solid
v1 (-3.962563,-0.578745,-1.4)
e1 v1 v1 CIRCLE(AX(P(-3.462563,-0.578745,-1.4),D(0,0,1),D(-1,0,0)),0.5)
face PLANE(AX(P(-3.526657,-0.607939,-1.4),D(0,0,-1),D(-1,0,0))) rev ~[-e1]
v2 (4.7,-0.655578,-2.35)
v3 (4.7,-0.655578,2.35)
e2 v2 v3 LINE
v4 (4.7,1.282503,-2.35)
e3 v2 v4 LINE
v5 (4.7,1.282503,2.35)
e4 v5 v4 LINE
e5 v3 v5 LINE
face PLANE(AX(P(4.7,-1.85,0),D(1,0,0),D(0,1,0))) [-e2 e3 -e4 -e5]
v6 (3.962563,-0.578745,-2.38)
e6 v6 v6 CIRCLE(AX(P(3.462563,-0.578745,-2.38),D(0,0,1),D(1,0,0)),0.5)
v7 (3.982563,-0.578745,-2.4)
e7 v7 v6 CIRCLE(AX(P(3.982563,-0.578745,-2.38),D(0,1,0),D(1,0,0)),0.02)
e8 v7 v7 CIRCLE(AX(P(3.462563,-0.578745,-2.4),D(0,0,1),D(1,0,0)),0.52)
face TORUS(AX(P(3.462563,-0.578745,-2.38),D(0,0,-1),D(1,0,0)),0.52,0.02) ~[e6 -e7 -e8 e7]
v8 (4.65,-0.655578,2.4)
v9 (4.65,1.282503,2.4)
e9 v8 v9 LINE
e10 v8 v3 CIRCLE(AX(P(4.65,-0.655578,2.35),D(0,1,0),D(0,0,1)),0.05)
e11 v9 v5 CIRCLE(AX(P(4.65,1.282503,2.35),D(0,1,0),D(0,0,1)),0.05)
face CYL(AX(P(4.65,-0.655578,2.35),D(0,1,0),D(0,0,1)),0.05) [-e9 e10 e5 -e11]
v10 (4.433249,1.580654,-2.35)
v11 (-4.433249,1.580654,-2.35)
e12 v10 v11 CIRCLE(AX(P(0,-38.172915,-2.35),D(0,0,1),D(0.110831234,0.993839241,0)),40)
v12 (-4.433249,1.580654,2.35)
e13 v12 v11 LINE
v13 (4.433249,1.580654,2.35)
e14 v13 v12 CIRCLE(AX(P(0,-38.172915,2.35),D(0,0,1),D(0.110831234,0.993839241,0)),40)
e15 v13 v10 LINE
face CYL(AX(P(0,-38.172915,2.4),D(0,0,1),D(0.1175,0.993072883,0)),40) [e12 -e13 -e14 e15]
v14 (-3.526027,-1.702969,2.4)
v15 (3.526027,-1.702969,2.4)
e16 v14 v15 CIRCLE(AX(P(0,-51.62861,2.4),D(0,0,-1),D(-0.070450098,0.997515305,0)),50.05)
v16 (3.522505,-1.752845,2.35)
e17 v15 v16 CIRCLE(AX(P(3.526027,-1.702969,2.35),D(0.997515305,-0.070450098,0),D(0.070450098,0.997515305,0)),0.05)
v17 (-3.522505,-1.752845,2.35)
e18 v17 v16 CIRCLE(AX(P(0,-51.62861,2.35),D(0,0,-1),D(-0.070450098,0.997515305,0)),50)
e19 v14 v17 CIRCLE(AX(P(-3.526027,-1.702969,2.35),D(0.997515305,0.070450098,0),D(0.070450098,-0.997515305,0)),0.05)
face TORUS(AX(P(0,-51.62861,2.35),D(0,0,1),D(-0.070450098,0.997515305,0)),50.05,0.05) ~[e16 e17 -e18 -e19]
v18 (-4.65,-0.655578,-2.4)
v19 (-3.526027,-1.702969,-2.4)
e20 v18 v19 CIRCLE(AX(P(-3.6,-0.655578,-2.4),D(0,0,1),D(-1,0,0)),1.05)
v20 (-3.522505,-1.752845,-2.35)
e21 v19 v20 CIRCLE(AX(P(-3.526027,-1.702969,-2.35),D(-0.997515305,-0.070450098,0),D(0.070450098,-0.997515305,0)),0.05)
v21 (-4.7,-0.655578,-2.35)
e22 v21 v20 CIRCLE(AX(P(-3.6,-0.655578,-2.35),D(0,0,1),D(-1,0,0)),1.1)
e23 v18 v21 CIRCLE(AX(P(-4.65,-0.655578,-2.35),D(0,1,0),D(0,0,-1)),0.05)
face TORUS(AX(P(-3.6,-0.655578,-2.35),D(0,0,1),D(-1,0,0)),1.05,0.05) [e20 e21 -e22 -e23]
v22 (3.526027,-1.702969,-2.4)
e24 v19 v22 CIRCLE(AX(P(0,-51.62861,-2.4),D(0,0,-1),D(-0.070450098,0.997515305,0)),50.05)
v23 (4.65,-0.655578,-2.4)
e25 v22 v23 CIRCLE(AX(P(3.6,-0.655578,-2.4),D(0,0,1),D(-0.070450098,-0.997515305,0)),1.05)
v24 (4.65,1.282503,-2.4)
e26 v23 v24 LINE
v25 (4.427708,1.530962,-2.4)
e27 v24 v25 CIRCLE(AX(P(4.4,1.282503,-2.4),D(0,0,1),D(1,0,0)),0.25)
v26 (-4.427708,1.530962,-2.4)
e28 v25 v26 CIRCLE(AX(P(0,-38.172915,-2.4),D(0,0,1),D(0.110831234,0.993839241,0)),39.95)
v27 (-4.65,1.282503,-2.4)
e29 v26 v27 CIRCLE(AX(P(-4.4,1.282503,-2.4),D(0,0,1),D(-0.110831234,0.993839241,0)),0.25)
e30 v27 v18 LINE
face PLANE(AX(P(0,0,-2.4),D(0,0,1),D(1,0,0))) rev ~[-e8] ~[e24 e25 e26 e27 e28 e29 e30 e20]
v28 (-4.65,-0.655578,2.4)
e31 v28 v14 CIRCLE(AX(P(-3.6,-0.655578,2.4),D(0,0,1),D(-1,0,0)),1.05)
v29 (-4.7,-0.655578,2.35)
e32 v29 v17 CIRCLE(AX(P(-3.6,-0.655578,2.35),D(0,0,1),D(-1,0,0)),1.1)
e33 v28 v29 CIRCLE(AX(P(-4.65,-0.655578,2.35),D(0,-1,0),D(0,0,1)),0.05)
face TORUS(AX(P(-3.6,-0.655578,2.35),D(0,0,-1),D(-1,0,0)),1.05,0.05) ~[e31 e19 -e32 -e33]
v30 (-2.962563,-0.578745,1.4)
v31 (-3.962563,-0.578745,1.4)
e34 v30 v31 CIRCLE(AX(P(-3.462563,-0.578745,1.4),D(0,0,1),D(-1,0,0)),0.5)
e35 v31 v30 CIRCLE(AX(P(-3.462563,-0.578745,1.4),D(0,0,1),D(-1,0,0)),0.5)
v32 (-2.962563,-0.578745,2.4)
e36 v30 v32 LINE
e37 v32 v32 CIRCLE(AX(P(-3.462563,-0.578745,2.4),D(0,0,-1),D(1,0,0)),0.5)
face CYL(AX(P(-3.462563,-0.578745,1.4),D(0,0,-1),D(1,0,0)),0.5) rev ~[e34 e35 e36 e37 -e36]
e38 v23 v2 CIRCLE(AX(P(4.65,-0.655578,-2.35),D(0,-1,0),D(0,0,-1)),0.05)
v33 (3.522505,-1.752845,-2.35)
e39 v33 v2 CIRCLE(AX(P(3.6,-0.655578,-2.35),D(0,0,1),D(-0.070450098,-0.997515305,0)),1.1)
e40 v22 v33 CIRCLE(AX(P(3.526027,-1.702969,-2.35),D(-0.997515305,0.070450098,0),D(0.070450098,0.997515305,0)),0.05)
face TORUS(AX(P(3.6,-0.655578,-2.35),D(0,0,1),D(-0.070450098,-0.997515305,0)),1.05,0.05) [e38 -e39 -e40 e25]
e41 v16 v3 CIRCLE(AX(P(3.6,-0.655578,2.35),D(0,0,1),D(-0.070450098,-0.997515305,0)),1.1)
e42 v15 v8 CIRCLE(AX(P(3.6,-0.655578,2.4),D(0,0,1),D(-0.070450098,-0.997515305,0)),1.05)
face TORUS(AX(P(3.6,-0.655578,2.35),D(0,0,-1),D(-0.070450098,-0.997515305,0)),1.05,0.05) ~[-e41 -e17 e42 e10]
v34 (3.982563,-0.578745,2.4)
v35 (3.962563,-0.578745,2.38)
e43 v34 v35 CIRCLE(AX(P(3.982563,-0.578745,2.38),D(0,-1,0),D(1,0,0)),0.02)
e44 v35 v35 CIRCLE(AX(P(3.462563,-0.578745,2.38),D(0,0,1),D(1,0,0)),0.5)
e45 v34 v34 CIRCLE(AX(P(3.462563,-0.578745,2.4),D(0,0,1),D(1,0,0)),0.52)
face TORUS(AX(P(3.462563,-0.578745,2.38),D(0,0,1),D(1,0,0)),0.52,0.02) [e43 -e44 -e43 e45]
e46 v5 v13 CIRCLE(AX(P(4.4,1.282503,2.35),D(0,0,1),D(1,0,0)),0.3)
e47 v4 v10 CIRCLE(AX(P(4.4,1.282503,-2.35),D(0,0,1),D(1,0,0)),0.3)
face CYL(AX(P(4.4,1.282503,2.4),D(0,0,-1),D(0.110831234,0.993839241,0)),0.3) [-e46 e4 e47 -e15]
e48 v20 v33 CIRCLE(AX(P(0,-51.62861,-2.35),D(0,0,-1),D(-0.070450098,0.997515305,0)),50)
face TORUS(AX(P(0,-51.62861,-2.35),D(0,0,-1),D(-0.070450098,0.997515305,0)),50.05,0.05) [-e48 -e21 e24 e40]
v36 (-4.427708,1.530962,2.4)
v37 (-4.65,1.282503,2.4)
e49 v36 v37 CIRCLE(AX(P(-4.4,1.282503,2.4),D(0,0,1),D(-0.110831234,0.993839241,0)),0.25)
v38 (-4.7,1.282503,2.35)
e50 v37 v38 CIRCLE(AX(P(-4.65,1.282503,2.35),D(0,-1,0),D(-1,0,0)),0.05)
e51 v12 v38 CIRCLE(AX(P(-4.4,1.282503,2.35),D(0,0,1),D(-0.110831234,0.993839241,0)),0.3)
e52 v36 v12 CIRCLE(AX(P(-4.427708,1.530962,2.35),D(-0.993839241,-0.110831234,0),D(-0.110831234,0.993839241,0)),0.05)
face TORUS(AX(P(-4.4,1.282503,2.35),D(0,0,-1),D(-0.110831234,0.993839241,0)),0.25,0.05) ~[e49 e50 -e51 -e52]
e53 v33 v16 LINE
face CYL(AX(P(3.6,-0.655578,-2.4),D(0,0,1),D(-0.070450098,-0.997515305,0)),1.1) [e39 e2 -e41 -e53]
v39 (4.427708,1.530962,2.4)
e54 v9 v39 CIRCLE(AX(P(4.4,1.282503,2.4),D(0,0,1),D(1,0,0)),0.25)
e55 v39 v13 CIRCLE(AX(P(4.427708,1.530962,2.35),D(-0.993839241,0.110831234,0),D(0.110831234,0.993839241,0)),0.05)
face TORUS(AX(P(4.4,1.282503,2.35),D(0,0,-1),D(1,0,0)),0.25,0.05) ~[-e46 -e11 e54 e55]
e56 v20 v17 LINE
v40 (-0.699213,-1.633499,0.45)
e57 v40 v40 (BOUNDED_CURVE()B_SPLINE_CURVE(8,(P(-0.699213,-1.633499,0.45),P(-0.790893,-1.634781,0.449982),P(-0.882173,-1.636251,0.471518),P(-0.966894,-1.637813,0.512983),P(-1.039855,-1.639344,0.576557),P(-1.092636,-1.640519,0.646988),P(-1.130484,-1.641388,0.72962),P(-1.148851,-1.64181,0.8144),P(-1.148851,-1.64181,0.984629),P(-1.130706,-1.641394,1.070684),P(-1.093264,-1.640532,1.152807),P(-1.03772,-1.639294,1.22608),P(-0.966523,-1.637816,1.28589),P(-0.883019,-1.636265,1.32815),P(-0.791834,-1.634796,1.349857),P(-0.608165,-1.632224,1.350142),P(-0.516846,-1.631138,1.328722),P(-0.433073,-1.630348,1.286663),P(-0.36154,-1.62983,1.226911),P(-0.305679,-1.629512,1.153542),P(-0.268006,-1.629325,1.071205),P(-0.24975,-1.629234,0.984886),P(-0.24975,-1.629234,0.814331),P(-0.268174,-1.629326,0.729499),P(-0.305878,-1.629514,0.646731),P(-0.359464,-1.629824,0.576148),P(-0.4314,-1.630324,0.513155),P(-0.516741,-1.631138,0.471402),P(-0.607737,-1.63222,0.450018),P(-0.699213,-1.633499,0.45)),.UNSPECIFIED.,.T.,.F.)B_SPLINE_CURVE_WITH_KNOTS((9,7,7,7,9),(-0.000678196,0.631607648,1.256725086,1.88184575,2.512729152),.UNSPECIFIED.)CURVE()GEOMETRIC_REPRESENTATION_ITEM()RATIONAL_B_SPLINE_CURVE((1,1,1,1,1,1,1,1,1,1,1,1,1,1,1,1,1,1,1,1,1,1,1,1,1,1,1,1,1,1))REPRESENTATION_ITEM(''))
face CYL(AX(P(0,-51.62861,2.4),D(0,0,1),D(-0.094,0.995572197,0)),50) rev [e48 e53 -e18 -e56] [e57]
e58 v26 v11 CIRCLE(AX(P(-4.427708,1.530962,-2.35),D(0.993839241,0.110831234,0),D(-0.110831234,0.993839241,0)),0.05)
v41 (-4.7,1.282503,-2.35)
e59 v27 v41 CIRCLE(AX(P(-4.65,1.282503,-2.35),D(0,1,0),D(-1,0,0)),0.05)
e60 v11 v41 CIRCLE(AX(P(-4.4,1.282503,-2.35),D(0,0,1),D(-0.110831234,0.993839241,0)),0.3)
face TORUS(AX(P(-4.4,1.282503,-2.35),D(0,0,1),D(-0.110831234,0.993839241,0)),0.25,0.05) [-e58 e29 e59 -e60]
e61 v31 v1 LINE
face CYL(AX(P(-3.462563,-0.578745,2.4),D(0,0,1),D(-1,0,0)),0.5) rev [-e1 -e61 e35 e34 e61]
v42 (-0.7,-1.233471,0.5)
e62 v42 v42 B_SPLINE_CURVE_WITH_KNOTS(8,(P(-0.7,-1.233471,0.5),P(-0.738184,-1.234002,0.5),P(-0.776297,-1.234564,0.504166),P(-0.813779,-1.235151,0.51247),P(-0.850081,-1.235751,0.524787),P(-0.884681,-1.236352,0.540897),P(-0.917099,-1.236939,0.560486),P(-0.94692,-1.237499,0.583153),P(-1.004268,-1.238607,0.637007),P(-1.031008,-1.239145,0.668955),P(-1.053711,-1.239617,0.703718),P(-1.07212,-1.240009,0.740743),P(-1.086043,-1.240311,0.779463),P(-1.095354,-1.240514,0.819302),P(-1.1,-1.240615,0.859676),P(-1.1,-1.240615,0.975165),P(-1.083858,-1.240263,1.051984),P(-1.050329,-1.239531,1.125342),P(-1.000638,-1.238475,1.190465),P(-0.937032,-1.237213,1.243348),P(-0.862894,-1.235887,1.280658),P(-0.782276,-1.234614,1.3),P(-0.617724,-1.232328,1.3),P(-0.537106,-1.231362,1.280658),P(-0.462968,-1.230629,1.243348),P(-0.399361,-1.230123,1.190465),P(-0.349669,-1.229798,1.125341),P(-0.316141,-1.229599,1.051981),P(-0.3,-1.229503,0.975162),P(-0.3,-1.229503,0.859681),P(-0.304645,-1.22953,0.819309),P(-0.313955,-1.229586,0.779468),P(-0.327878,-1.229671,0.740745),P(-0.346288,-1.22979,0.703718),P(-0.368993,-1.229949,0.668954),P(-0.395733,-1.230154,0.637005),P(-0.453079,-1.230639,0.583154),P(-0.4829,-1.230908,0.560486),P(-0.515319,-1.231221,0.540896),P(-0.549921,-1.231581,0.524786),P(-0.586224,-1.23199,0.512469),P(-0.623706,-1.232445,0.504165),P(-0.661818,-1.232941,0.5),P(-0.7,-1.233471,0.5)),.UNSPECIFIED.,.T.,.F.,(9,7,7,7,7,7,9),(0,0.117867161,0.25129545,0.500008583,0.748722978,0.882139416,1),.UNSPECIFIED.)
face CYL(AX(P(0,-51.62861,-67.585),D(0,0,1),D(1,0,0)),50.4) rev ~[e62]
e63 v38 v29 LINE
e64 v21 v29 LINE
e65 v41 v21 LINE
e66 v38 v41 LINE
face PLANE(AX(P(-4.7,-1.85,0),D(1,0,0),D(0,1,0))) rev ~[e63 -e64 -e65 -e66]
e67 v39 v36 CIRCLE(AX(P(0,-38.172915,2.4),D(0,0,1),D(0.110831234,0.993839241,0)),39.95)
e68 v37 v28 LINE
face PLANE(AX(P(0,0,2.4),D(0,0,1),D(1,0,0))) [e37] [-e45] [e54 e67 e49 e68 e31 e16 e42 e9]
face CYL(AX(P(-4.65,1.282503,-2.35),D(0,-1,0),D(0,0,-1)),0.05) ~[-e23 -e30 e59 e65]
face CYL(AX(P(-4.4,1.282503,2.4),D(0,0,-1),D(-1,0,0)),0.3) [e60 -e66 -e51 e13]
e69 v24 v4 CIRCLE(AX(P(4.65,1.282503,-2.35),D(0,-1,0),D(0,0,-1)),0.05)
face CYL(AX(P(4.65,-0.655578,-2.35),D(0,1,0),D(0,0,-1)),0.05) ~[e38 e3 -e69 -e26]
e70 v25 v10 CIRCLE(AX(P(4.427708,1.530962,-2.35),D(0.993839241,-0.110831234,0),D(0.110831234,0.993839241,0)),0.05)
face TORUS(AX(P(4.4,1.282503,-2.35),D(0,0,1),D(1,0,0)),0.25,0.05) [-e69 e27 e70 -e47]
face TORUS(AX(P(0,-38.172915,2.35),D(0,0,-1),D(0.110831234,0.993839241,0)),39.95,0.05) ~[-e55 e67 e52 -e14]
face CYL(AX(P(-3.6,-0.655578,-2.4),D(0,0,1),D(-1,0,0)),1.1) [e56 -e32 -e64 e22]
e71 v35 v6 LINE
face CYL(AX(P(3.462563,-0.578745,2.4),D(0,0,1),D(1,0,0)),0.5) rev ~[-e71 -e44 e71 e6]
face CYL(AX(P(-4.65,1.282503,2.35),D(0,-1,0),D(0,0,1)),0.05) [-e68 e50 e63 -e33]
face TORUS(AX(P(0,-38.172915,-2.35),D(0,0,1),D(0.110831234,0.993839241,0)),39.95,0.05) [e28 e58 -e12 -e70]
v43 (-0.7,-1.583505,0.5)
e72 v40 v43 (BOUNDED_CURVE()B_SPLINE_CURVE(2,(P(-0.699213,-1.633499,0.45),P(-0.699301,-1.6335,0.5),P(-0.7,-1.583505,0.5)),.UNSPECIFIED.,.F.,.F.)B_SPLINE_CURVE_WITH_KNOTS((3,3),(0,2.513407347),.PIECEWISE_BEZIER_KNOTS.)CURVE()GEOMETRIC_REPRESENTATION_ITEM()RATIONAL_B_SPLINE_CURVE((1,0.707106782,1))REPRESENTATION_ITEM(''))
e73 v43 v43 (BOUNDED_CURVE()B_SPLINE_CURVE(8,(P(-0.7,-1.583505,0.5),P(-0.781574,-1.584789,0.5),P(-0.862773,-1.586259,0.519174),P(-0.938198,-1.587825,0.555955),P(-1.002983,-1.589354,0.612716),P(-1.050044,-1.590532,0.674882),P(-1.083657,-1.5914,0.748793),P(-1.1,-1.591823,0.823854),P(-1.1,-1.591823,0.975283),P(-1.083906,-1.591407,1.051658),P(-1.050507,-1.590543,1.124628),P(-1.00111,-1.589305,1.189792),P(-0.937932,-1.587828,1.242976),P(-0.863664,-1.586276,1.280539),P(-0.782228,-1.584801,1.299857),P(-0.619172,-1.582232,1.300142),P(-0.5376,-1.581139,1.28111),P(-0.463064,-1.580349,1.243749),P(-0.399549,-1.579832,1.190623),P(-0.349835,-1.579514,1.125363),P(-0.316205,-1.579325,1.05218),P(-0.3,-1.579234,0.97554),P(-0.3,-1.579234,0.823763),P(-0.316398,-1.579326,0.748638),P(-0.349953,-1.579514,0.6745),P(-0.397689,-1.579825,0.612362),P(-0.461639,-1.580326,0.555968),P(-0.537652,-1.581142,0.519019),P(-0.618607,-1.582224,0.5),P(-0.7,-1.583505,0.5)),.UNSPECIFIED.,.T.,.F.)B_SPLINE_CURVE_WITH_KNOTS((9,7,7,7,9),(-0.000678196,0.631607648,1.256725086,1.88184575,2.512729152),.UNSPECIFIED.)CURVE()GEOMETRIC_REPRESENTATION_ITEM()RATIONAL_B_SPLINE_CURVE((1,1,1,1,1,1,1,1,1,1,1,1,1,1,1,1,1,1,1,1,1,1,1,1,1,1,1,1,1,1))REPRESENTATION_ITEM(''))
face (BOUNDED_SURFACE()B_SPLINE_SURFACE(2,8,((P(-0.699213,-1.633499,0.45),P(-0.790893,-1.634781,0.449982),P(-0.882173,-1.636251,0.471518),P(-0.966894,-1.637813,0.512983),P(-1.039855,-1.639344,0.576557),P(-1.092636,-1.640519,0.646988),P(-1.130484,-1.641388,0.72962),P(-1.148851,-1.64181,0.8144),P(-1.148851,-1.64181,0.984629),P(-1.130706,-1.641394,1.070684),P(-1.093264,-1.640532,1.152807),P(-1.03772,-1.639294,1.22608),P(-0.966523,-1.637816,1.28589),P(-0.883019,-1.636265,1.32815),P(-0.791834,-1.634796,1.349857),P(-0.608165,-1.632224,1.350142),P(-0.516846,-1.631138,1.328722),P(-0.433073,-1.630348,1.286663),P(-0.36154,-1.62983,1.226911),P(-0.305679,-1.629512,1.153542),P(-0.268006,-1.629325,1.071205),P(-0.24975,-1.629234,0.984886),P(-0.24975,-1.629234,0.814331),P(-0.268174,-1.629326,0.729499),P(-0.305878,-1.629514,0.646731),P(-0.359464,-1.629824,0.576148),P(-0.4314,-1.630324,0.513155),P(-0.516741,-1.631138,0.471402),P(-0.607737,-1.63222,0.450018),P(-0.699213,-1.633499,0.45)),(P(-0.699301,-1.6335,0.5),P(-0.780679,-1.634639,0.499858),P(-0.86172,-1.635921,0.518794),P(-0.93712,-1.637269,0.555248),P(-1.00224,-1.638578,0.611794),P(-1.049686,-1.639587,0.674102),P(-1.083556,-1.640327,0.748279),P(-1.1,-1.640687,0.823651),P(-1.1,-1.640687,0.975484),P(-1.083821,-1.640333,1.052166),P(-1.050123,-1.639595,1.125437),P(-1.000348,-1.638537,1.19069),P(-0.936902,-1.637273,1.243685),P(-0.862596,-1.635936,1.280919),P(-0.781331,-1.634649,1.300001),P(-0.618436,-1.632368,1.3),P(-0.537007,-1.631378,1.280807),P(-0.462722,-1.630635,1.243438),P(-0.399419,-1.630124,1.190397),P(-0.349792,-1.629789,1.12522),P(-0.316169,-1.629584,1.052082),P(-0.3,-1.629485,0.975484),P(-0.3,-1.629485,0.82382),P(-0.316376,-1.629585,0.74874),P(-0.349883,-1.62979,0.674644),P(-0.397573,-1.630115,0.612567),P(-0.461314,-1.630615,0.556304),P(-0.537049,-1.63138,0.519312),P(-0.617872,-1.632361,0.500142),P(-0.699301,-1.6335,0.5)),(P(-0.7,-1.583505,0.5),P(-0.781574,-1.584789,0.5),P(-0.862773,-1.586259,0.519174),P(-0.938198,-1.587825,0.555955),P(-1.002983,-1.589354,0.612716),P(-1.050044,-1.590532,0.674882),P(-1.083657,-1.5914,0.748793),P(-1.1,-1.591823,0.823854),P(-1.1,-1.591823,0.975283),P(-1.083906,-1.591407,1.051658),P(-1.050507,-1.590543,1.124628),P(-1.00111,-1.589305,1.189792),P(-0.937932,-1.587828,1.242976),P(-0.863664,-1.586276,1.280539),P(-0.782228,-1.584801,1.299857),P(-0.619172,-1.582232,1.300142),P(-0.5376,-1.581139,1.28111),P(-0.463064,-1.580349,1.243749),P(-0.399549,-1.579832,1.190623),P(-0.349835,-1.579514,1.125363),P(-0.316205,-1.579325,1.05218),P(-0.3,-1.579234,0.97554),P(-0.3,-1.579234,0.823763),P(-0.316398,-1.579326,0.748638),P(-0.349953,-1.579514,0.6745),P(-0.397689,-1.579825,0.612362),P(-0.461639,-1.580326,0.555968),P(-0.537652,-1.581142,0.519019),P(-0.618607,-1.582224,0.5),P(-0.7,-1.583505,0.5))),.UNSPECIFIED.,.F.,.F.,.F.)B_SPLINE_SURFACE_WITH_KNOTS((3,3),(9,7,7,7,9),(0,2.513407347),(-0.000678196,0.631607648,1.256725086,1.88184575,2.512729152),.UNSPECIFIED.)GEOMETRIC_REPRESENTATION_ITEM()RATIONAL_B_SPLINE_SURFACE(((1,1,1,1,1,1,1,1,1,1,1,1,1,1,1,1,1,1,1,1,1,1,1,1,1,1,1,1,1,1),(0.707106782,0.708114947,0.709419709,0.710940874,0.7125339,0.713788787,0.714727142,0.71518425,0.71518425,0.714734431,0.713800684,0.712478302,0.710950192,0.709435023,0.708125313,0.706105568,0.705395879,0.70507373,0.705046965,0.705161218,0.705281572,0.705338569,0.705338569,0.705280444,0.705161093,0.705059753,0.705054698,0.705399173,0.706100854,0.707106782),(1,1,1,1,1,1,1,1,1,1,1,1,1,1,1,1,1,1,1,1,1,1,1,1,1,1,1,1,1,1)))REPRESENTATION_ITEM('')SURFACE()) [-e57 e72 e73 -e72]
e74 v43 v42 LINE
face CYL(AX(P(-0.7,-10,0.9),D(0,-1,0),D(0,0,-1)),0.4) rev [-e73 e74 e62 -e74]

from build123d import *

# Parameters (mm, degrees)
SKETCH1_W               = 9.4
SKETCH1_H               = 3.7
BOSS_EXTRUDE1_DEPTH     = 2.4
CUT_EXTRUDE1_DEPTH      = 4.8
FILLET1_R               = 1.1
FILLET2_R               = 0.3
FILLET3_R               = 0.05
SKETCH3_R               = 0.5
CUT_EXTRUDE2_DEPTH      = 4.8
FILLET4_R               = 0.02
SKETCH4_W               = 1.881576533
SKETCH4_H               = 1.177564348
BOSS_EXTRUDE2_DEPTH     = 1
SKETCH5_R               = 0.5
CUT_EXTRUDE3_DEPTH      = 10
SKETCH6_R               = 0.737542503
BOSS_EXTRUDE3_DEPTH     = 1
CUT_EXTRUDE4_REACH      = 17.585
CUT_EXTRUDE4_END_RADIUS = 50.4
CUT_EXTRUDE4_START      = -10
SKETCH7_R               = 0.4
FILLET5_R               = 0.05


with BuildPart() as part:
    # Sketch1 → Boss-Extrude1 (new, symmetric)
    with BuildSketch(Plane.XY):
        Rectangle(SKETCH1_W, SKETCH1_H)
    extrude(amount=BOSS_EXTRUDE1_DEPTH, both=True)

    # Sketch2 → Cut-Extrude1 (cut)
    with BuildSketch(Plane.XY.offset(2.4)):
        with BuildLine():
            Line((-4.7, 1.55), (-7.120690005, 4.011417256))
            Line((-7.120690005, 4.011417256), (5.535860742, 3.886722174))
            Line((5.535860742, 3.886722174), (4.7, 1.55))
            ThreePointArc((4.7, 1.55), (0, 1.827084699), (-4.7, 1.55))
        make_face()
        with BuildLine():
            Line((4.7, -1.85), (0.350623614, -3.782025322))
            Line((0.350623614, -3.782025322), (-4.7, -1.85))
            ThreePointArc((-4.7, -1.85), (0, -1.628609864), (4.7, -1.85))
        make_face()
    extrude(amount=-CUT_EXTRUDE1_DEPTH, mode=Mode.SUBTRACT)

    # Fillet1
    fillet1_edges = [part.edges().sort_by_distance(p)[0] for p in [
        (4.7, -1.85, 0),
        (-4.7, -1.85, 0),
    ]]
    fillet(fillet1_edges, radius=FILLET1_R)

    # Fillet2
    fillet2_edges = [part.edges().sort_by_distance(p)[0] for p in [
        (4.7, 1.55, 0),
        (-4.7, 1.55, 0),
    ]]
    fillet(fillet2_edges, radius=FILLET2_R)

    # Fillet3
    fillet3_edges = [part.edges().sort_by_distance(p)[0] for p in [
        (4.7, 0.3134624, -2.4),
        (4.7, 0.3134624, 2.4),
        (0, -1.628609864, -2.4),
        (-4.349918456, -1.460327621, -2.4),
        (4.349918456, -1.460327621, -2.4),
        (0, -1.628609864, 2.4),
        (-4.349918456, -1.460327621, 2.4),
        (4.349918456, -1.460327621, 2.4),
        (0, 1.827084699, 2.4),
        (-4.7, 0.3134624, 2.4),
        (-4.623578634, 1.482534062, 2.4),
        (4.623578634, 1.482534062, 2.4),
        (0, 1.827084699, -2.4),
        (-4.7, 0.3134624, -2.4),
        (-4.623578634, 1.482534062, -2.4),
        (4.623578634, 1.482534062, -2.4),
    ]]
    fillet(fillet3_edges, radius=FILLET3_R)

    # Sketch3 → Cut-Extrude2 (cut)
    with BuildSketch(Plane.XY.offset(2.4)):
        with Locations((3.462563269, -0.578744651)):
            Circle(SKETCH3_R)
    cut_extrude2 = extrude(amount=-CUT_EXTRUDE2_DEPTH, mode=Mode.SUBTRACT)

    # Fillet4
    fillet4_edges = [part.edges().sort_by_distance(p)[0] for p in [
        (2.962563269, -0.578744651, -2.4),
        (2.962563269, -0.578744651, 2.4),
    ]]
    fillet(fillet4_edges, radius=FILLET4_R)

    # Mirror1: Cut-Extrude2 across plane
    add(cut_extrude2.mirror(Plane(origin=(0, 0, 0), x_dir=(0, 0, 1), z_dir=(1, 0, 0))), mode=Mode.SUBTRACT)

    # Sketch4 → Boss-Extrude2 (add)
    with BuildSketch(Plane.XY.offset(2.4)):
        with Locations((-3.353123346, -0.588782174)):
            Rectangle(SKETCH4_W, SKETCH4_H)
    extrude(amount=-BOSS_EXTRUDE2_DEPTH)

    # Sketch5 → Cut-Extrude3 (cut)
    with BuildSketch(Plane(origin=(0, 0, 1.4), x_dir=(-1, 0, 0), z_dir=(0, 0, -1))):
        with Locations(Location((3.462563269, -0.578744651, 0), (0, 0, 180))):
            Circle(SKETCH5_R)
    extrude(amount=-CUT_EXTRUDE3_DEPTH, mode=Mode.SUBTRACT)

    # Sketch6 → Boss-Extrude3 (add)
    with BuildSketch(Plane(origin=(0, 0, -2.4), x_dir=(-1, 0, 0), z_dir=(0, 0, -1))):
        with Locations((3.526657277, -0.607938651)):
            Circle(SKETCH6_R)
    extrude(amount=-BOSS_EXTRUDE3_DEPTH)

    # Cut-Extrude4: up to this cylinder (the profile starts inside it)
    cut_extrude4_end = Plane(origin=(0, -51.628609864, 0.9), z_dir=(0, 0, 1)) * Cylinder(CUT_EXTRUDE4_END_RADIUS, 136.97, mode=Mode.PRIVATE)
    # Sketch7 → Cut-Extrude4 (cut, up to the surface)
    with BuildSketch(Plane(origin=(0, 0, 0), x_dir=(1, 0, 0), z_dir=(0, 1, 0)).offset(CUT_EXTRUDE4_START), mode=Mode.PRIVATE) as cut_extrude4_sk1:
        with Locations(Location((-0.7, -0.9, 0), (0, 0, 90))):
            Circle(SKETCH7_R)
    cut_extrude4_tool1 = extrude(cut_extrude4_sk1.sketch, amount=CUT_EXTRUDE4_REACH, mode=Mode.PRIVATE) & cut_extrude4_end
    add(cut_extrude4_tool1.solids().sort_by_distance((-0.7, -10, 0.9))[0], mode=Mode.SUBTRACT)

    # Fillet5
    fillet5_edges = [part.edges().sort_by_distance(p)[0] for p in [
        (-0.700029875, -1.633510522, 1.299999999),
    ]]
    fillet(fillet5_edges, radius=FILLET5_R)


solid = part.part
